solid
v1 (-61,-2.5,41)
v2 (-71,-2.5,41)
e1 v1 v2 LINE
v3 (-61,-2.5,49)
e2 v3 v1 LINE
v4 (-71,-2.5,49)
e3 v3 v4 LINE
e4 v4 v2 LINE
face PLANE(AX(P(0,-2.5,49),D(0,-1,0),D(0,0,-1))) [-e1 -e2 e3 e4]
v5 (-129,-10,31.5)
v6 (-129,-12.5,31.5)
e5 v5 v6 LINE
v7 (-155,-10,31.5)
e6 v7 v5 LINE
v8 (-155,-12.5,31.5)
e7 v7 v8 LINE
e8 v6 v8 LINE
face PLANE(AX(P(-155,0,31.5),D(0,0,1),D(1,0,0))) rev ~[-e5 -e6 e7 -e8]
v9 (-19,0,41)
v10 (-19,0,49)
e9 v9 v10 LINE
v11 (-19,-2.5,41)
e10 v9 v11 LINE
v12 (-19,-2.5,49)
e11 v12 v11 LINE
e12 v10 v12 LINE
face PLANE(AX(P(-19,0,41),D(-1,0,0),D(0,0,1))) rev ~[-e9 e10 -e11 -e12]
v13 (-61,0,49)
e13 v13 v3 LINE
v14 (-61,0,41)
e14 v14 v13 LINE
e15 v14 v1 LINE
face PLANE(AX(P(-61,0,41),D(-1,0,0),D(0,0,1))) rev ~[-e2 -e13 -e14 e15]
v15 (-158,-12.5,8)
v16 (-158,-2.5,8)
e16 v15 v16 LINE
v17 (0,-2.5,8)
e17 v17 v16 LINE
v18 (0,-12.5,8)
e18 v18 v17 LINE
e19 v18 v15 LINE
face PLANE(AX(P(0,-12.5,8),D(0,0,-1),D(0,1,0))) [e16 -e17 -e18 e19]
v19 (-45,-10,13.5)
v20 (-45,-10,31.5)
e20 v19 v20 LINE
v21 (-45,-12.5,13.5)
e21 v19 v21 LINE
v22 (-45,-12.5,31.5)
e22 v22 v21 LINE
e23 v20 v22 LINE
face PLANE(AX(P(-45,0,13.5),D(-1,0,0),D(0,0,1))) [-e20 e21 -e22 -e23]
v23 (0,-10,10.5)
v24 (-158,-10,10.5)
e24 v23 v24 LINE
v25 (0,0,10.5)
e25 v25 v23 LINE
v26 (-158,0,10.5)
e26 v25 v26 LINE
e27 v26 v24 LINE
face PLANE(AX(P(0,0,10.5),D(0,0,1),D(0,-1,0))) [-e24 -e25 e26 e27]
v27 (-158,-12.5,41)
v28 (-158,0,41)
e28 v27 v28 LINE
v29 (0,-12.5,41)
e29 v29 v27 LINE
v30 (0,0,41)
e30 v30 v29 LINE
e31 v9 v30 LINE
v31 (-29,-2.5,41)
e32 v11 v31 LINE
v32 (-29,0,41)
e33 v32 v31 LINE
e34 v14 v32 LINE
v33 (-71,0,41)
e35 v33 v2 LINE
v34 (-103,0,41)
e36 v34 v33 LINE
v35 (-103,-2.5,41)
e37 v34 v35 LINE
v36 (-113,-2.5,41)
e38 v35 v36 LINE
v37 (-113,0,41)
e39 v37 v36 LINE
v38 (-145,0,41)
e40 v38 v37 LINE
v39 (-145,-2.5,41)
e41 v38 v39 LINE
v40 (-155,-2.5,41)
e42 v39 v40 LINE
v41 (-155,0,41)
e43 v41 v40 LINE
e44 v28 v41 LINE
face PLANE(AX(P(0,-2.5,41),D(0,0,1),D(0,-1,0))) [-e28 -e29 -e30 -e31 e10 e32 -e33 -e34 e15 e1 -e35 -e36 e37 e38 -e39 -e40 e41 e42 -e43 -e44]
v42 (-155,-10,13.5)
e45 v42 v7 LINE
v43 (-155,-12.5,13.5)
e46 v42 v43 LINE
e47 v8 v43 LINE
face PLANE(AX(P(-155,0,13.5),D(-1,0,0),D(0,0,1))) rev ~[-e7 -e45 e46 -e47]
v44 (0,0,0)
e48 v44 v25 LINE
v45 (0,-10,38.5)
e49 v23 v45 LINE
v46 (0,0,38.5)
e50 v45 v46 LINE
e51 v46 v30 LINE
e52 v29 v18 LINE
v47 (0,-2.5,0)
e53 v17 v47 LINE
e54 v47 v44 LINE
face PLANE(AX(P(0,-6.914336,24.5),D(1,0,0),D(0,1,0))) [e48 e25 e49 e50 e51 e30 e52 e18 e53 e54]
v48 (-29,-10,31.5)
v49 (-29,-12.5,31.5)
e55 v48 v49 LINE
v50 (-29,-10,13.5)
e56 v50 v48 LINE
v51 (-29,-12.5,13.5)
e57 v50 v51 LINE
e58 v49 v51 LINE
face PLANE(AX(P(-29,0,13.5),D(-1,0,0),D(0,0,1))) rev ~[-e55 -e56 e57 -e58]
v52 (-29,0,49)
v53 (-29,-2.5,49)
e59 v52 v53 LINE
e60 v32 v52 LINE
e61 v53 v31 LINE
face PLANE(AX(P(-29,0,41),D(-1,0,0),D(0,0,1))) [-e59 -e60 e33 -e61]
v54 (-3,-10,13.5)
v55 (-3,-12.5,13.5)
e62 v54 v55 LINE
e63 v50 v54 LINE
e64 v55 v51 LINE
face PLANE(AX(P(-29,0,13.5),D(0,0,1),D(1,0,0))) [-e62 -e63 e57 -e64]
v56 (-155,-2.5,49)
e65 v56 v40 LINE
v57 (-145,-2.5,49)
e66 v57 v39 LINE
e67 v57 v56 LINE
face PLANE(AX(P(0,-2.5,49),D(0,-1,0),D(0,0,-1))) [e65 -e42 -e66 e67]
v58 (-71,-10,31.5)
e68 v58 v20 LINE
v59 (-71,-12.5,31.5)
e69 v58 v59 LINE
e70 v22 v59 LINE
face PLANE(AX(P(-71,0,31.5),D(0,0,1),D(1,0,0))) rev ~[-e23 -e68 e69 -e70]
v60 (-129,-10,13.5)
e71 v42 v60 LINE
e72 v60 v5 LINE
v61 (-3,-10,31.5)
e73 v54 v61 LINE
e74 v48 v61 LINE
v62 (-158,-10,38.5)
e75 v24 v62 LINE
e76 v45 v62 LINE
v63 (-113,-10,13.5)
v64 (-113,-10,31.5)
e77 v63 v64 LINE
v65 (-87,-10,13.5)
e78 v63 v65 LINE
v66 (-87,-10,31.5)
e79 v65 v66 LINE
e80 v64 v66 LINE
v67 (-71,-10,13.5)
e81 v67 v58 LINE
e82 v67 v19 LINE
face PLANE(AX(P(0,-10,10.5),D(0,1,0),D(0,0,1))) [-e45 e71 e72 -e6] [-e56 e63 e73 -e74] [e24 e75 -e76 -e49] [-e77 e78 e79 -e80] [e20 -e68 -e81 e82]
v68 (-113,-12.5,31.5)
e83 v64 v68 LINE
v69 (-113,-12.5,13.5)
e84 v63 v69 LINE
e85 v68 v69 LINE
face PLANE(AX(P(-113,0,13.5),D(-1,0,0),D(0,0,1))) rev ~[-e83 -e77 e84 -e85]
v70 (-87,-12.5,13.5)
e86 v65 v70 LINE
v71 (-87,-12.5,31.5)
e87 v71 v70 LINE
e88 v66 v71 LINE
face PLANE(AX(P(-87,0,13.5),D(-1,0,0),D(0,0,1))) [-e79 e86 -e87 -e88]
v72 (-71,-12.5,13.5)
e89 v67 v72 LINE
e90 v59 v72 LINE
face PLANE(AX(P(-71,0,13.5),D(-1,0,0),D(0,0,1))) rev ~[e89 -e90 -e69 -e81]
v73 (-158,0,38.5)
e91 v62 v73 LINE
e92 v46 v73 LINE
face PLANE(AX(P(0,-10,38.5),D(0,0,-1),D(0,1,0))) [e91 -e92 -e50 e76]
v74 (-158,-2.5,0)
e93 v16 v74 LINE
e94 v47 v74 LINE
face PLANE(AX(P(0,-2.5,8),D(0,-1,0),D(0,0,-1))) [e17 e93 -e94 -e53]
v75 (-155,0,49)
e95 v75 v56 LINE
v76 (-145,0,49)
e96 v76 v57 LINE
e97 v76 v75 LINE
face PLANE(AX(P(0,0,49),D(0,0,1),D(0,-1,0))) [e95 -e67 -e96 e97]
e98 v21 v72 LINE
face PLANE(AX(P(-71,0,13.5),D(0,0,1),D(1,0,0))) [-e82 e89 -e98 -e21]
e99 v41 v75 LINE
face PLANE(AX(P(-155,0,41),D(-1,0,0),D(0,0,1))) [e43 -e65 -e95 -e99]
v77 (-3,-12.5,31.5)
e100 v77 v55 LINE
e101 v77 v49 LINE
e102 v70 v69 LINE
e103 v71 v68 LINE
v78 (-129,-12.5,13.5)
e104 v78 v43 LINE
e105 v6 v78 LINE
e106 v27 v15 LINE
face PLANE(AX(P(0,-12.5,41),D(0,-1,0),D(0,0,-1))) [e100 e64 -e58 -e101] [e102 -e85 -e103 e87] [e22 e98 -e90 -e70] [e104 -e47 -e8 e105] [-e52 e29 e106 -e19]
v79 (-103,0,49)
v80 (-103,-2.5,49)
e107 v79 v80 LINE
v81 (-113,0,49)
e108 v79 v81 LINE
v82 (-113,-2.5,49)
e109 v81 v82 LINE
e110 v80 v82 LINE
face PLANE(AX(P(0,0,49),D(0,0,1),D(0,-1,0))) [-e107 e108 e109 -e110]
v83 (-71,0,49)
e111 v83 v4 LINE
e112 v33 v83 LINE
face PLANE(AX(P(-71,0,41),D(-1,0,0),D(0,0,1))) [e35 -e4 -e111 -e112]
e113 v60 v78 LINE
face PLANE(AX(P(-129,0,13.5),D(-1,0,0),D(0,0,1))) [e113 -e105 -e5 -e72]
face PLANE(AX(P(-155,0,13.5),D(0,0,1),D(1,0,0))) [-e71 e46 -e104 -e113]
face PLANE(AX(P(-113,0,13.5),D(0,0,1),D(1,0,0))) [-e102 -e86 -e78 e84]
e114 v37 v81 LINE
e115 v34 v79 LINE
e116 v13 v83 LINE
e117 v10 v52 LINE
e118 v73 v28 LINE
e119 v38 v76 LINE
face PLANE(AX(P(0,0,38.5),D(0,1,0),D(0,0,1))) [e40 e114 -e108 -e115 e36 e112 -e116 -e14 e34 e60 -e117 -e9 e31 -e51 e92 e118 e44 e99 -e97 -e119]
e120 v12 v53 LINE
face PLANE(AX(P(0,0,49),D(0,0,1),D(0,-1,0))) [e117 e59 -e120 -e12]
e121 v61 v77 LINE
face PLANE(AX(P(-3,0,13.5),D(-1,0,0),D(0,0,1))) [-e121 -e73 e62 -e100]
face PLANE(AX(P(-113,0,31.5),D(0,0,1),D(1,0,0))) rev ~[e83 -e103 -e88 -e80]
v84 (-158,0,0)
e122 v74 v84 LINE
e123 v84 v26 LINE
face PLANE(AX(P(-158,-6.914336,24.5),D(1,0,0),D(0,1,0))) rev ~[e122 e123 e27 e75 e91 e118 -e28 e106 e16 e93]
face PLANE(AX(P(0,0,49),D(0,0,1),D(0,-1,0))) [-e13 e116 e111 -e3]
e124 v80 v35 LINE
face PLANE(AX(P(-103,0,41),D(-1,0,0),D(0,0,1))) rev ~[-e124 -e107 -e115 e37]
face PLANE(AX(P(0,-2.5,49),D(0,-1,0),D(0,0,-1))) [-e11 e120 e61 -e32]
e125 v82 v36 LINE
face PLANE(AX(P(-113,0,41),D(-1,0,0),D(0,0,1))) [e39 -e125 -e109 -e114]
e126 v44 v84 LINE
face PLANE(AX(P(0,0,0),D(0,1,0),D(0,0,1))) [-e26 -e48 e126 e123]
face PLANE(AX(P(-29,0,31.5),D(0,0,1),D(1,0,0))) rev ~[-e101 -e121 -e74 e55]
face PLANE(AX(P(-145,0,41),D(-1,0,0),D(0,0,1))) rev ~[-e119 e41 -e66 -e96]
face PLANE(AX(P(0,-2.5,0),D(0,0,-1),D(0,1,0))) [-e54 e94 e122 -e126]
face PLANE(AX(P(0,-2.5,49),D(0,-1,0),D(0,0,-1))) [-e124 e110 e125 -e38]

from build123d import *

# Parameters (mm, degrees)
F1_DEPTH  = 116
F2_W      = 26
F2_H      = 18
F3_DEPTH  = 12.501
F4_W      = 19
F4_H      = 8
F4_W_2    = 32
F4_W_3    = 3
F5_DEPTH  = 12.501
F7_DEPTH  = 158
F8_W      = 26
F8_H      = 18
F9_DEPTH  = 12.501
F10_W     = 19
F10_H     = 8
F10_W_2   = 32
F10_W_3   = 3
F11_DEPTH = 12.501


with BuildPart() as f1:
    # F0 (on Right) → F1 (new body)
    with BuildSketch(Plane.YZ):
        Polygon((-2.5, 0), (0, 0), (0, 10.5), (-10, 10.5), (-10, 38.5), (0, 38.5), (0, 49), (-2.5, 49), (-2.5, 41), (-12.5, 41), (-12.5, 8), (-2.5, 8), align=None)
    extrude(amount=F1_DEPTH)

    # F2 (on Front) → F3 (cut, through all)
    with BuildSketch(Plane.XZ):
        with Locations((16, 22.5)):
            Rectangle(F2_W, F2_H)
        with Locations((58, 22.5)):
            Rectangle(F2_W, F2_H)
        with Locations((100, 22.5)):
            Rectangle(F2_W, F2_H)
    extrude(amount=F3_DEPTH, mode=Mode.SUBTRACT)

    # F4 (on Front) → F5 (cut, through all)
    with BuildSketch(Plane.XZ):
        with Locations((9.5, 4)):
            Rectangle(F4_W, F4_H)
        with Locations((45, 4)):
            Rectangle(F4_W_2, F4_H)
        with Locations((87, 4)):
            Rectangle(F4_W_2, F4_H)
        with Locations((114.5, 4)):
            Rectangle(F4_W_3, F4_H)
    extrude(amount=F5_DEPTH, mode=Mode.SUBTRACT)


with BuildPart() as f7:
    # F0 (on Right) → F7 (new body)
    with BuildSketch(Plane.YZ):
        Polygon((-2.5, 0), (0, 0), (0, 10.5), (-10, 10.5), (-10, 38.5), (0, 38.5), (0, 49), (-2.5, 49), (-2.5, 41), (-12.5, 41), (-12.5, 8), (-2.5, 8), align=None)
    extrude(amount=-F7_DEPTH)

    # F8 (on Front) → F9 (cut, through all)
    with BuildSketch(Plane.XZ):
        with Locations((-16, 22.5)):
            Rectangle(F8_W, F8_H)
        with Locations((-58, 22.5)):
            Rectangle(F8_W, F8_H)
        with Locations((-100, 22.5)):
            Rectangle(F8_W, F8_H)
        with Locations((-142, 22.5)):
            Rectangle(F8_W, F8_H)
    extrude(amount=F9_DEPTH, mode=Mode.SUBTRACT)

    # F10 (on Front) → F11 (cut, through all)
    with BuildSketch(Plane.XZ):
        with Locations((-9.5, 45)):
            Rectangle(F10_W, F10_H)
        with Locations((-45, 45)):
            Rectangle(F10_W_2, F10_H)
        with Locations((-87, 45)):
            Rectangle(F10_W_2, F10_H)
        with Locations((-129, 45)):
            Rectangle(F10_W_2, F10_H)
        with Locations((-156.5, 45)):
            Rectangle(F10_W_3, F10_H)
    extrude(amount=F11_DEPTH, mode=Mode.SUBTRACT)


solid = f7.part
